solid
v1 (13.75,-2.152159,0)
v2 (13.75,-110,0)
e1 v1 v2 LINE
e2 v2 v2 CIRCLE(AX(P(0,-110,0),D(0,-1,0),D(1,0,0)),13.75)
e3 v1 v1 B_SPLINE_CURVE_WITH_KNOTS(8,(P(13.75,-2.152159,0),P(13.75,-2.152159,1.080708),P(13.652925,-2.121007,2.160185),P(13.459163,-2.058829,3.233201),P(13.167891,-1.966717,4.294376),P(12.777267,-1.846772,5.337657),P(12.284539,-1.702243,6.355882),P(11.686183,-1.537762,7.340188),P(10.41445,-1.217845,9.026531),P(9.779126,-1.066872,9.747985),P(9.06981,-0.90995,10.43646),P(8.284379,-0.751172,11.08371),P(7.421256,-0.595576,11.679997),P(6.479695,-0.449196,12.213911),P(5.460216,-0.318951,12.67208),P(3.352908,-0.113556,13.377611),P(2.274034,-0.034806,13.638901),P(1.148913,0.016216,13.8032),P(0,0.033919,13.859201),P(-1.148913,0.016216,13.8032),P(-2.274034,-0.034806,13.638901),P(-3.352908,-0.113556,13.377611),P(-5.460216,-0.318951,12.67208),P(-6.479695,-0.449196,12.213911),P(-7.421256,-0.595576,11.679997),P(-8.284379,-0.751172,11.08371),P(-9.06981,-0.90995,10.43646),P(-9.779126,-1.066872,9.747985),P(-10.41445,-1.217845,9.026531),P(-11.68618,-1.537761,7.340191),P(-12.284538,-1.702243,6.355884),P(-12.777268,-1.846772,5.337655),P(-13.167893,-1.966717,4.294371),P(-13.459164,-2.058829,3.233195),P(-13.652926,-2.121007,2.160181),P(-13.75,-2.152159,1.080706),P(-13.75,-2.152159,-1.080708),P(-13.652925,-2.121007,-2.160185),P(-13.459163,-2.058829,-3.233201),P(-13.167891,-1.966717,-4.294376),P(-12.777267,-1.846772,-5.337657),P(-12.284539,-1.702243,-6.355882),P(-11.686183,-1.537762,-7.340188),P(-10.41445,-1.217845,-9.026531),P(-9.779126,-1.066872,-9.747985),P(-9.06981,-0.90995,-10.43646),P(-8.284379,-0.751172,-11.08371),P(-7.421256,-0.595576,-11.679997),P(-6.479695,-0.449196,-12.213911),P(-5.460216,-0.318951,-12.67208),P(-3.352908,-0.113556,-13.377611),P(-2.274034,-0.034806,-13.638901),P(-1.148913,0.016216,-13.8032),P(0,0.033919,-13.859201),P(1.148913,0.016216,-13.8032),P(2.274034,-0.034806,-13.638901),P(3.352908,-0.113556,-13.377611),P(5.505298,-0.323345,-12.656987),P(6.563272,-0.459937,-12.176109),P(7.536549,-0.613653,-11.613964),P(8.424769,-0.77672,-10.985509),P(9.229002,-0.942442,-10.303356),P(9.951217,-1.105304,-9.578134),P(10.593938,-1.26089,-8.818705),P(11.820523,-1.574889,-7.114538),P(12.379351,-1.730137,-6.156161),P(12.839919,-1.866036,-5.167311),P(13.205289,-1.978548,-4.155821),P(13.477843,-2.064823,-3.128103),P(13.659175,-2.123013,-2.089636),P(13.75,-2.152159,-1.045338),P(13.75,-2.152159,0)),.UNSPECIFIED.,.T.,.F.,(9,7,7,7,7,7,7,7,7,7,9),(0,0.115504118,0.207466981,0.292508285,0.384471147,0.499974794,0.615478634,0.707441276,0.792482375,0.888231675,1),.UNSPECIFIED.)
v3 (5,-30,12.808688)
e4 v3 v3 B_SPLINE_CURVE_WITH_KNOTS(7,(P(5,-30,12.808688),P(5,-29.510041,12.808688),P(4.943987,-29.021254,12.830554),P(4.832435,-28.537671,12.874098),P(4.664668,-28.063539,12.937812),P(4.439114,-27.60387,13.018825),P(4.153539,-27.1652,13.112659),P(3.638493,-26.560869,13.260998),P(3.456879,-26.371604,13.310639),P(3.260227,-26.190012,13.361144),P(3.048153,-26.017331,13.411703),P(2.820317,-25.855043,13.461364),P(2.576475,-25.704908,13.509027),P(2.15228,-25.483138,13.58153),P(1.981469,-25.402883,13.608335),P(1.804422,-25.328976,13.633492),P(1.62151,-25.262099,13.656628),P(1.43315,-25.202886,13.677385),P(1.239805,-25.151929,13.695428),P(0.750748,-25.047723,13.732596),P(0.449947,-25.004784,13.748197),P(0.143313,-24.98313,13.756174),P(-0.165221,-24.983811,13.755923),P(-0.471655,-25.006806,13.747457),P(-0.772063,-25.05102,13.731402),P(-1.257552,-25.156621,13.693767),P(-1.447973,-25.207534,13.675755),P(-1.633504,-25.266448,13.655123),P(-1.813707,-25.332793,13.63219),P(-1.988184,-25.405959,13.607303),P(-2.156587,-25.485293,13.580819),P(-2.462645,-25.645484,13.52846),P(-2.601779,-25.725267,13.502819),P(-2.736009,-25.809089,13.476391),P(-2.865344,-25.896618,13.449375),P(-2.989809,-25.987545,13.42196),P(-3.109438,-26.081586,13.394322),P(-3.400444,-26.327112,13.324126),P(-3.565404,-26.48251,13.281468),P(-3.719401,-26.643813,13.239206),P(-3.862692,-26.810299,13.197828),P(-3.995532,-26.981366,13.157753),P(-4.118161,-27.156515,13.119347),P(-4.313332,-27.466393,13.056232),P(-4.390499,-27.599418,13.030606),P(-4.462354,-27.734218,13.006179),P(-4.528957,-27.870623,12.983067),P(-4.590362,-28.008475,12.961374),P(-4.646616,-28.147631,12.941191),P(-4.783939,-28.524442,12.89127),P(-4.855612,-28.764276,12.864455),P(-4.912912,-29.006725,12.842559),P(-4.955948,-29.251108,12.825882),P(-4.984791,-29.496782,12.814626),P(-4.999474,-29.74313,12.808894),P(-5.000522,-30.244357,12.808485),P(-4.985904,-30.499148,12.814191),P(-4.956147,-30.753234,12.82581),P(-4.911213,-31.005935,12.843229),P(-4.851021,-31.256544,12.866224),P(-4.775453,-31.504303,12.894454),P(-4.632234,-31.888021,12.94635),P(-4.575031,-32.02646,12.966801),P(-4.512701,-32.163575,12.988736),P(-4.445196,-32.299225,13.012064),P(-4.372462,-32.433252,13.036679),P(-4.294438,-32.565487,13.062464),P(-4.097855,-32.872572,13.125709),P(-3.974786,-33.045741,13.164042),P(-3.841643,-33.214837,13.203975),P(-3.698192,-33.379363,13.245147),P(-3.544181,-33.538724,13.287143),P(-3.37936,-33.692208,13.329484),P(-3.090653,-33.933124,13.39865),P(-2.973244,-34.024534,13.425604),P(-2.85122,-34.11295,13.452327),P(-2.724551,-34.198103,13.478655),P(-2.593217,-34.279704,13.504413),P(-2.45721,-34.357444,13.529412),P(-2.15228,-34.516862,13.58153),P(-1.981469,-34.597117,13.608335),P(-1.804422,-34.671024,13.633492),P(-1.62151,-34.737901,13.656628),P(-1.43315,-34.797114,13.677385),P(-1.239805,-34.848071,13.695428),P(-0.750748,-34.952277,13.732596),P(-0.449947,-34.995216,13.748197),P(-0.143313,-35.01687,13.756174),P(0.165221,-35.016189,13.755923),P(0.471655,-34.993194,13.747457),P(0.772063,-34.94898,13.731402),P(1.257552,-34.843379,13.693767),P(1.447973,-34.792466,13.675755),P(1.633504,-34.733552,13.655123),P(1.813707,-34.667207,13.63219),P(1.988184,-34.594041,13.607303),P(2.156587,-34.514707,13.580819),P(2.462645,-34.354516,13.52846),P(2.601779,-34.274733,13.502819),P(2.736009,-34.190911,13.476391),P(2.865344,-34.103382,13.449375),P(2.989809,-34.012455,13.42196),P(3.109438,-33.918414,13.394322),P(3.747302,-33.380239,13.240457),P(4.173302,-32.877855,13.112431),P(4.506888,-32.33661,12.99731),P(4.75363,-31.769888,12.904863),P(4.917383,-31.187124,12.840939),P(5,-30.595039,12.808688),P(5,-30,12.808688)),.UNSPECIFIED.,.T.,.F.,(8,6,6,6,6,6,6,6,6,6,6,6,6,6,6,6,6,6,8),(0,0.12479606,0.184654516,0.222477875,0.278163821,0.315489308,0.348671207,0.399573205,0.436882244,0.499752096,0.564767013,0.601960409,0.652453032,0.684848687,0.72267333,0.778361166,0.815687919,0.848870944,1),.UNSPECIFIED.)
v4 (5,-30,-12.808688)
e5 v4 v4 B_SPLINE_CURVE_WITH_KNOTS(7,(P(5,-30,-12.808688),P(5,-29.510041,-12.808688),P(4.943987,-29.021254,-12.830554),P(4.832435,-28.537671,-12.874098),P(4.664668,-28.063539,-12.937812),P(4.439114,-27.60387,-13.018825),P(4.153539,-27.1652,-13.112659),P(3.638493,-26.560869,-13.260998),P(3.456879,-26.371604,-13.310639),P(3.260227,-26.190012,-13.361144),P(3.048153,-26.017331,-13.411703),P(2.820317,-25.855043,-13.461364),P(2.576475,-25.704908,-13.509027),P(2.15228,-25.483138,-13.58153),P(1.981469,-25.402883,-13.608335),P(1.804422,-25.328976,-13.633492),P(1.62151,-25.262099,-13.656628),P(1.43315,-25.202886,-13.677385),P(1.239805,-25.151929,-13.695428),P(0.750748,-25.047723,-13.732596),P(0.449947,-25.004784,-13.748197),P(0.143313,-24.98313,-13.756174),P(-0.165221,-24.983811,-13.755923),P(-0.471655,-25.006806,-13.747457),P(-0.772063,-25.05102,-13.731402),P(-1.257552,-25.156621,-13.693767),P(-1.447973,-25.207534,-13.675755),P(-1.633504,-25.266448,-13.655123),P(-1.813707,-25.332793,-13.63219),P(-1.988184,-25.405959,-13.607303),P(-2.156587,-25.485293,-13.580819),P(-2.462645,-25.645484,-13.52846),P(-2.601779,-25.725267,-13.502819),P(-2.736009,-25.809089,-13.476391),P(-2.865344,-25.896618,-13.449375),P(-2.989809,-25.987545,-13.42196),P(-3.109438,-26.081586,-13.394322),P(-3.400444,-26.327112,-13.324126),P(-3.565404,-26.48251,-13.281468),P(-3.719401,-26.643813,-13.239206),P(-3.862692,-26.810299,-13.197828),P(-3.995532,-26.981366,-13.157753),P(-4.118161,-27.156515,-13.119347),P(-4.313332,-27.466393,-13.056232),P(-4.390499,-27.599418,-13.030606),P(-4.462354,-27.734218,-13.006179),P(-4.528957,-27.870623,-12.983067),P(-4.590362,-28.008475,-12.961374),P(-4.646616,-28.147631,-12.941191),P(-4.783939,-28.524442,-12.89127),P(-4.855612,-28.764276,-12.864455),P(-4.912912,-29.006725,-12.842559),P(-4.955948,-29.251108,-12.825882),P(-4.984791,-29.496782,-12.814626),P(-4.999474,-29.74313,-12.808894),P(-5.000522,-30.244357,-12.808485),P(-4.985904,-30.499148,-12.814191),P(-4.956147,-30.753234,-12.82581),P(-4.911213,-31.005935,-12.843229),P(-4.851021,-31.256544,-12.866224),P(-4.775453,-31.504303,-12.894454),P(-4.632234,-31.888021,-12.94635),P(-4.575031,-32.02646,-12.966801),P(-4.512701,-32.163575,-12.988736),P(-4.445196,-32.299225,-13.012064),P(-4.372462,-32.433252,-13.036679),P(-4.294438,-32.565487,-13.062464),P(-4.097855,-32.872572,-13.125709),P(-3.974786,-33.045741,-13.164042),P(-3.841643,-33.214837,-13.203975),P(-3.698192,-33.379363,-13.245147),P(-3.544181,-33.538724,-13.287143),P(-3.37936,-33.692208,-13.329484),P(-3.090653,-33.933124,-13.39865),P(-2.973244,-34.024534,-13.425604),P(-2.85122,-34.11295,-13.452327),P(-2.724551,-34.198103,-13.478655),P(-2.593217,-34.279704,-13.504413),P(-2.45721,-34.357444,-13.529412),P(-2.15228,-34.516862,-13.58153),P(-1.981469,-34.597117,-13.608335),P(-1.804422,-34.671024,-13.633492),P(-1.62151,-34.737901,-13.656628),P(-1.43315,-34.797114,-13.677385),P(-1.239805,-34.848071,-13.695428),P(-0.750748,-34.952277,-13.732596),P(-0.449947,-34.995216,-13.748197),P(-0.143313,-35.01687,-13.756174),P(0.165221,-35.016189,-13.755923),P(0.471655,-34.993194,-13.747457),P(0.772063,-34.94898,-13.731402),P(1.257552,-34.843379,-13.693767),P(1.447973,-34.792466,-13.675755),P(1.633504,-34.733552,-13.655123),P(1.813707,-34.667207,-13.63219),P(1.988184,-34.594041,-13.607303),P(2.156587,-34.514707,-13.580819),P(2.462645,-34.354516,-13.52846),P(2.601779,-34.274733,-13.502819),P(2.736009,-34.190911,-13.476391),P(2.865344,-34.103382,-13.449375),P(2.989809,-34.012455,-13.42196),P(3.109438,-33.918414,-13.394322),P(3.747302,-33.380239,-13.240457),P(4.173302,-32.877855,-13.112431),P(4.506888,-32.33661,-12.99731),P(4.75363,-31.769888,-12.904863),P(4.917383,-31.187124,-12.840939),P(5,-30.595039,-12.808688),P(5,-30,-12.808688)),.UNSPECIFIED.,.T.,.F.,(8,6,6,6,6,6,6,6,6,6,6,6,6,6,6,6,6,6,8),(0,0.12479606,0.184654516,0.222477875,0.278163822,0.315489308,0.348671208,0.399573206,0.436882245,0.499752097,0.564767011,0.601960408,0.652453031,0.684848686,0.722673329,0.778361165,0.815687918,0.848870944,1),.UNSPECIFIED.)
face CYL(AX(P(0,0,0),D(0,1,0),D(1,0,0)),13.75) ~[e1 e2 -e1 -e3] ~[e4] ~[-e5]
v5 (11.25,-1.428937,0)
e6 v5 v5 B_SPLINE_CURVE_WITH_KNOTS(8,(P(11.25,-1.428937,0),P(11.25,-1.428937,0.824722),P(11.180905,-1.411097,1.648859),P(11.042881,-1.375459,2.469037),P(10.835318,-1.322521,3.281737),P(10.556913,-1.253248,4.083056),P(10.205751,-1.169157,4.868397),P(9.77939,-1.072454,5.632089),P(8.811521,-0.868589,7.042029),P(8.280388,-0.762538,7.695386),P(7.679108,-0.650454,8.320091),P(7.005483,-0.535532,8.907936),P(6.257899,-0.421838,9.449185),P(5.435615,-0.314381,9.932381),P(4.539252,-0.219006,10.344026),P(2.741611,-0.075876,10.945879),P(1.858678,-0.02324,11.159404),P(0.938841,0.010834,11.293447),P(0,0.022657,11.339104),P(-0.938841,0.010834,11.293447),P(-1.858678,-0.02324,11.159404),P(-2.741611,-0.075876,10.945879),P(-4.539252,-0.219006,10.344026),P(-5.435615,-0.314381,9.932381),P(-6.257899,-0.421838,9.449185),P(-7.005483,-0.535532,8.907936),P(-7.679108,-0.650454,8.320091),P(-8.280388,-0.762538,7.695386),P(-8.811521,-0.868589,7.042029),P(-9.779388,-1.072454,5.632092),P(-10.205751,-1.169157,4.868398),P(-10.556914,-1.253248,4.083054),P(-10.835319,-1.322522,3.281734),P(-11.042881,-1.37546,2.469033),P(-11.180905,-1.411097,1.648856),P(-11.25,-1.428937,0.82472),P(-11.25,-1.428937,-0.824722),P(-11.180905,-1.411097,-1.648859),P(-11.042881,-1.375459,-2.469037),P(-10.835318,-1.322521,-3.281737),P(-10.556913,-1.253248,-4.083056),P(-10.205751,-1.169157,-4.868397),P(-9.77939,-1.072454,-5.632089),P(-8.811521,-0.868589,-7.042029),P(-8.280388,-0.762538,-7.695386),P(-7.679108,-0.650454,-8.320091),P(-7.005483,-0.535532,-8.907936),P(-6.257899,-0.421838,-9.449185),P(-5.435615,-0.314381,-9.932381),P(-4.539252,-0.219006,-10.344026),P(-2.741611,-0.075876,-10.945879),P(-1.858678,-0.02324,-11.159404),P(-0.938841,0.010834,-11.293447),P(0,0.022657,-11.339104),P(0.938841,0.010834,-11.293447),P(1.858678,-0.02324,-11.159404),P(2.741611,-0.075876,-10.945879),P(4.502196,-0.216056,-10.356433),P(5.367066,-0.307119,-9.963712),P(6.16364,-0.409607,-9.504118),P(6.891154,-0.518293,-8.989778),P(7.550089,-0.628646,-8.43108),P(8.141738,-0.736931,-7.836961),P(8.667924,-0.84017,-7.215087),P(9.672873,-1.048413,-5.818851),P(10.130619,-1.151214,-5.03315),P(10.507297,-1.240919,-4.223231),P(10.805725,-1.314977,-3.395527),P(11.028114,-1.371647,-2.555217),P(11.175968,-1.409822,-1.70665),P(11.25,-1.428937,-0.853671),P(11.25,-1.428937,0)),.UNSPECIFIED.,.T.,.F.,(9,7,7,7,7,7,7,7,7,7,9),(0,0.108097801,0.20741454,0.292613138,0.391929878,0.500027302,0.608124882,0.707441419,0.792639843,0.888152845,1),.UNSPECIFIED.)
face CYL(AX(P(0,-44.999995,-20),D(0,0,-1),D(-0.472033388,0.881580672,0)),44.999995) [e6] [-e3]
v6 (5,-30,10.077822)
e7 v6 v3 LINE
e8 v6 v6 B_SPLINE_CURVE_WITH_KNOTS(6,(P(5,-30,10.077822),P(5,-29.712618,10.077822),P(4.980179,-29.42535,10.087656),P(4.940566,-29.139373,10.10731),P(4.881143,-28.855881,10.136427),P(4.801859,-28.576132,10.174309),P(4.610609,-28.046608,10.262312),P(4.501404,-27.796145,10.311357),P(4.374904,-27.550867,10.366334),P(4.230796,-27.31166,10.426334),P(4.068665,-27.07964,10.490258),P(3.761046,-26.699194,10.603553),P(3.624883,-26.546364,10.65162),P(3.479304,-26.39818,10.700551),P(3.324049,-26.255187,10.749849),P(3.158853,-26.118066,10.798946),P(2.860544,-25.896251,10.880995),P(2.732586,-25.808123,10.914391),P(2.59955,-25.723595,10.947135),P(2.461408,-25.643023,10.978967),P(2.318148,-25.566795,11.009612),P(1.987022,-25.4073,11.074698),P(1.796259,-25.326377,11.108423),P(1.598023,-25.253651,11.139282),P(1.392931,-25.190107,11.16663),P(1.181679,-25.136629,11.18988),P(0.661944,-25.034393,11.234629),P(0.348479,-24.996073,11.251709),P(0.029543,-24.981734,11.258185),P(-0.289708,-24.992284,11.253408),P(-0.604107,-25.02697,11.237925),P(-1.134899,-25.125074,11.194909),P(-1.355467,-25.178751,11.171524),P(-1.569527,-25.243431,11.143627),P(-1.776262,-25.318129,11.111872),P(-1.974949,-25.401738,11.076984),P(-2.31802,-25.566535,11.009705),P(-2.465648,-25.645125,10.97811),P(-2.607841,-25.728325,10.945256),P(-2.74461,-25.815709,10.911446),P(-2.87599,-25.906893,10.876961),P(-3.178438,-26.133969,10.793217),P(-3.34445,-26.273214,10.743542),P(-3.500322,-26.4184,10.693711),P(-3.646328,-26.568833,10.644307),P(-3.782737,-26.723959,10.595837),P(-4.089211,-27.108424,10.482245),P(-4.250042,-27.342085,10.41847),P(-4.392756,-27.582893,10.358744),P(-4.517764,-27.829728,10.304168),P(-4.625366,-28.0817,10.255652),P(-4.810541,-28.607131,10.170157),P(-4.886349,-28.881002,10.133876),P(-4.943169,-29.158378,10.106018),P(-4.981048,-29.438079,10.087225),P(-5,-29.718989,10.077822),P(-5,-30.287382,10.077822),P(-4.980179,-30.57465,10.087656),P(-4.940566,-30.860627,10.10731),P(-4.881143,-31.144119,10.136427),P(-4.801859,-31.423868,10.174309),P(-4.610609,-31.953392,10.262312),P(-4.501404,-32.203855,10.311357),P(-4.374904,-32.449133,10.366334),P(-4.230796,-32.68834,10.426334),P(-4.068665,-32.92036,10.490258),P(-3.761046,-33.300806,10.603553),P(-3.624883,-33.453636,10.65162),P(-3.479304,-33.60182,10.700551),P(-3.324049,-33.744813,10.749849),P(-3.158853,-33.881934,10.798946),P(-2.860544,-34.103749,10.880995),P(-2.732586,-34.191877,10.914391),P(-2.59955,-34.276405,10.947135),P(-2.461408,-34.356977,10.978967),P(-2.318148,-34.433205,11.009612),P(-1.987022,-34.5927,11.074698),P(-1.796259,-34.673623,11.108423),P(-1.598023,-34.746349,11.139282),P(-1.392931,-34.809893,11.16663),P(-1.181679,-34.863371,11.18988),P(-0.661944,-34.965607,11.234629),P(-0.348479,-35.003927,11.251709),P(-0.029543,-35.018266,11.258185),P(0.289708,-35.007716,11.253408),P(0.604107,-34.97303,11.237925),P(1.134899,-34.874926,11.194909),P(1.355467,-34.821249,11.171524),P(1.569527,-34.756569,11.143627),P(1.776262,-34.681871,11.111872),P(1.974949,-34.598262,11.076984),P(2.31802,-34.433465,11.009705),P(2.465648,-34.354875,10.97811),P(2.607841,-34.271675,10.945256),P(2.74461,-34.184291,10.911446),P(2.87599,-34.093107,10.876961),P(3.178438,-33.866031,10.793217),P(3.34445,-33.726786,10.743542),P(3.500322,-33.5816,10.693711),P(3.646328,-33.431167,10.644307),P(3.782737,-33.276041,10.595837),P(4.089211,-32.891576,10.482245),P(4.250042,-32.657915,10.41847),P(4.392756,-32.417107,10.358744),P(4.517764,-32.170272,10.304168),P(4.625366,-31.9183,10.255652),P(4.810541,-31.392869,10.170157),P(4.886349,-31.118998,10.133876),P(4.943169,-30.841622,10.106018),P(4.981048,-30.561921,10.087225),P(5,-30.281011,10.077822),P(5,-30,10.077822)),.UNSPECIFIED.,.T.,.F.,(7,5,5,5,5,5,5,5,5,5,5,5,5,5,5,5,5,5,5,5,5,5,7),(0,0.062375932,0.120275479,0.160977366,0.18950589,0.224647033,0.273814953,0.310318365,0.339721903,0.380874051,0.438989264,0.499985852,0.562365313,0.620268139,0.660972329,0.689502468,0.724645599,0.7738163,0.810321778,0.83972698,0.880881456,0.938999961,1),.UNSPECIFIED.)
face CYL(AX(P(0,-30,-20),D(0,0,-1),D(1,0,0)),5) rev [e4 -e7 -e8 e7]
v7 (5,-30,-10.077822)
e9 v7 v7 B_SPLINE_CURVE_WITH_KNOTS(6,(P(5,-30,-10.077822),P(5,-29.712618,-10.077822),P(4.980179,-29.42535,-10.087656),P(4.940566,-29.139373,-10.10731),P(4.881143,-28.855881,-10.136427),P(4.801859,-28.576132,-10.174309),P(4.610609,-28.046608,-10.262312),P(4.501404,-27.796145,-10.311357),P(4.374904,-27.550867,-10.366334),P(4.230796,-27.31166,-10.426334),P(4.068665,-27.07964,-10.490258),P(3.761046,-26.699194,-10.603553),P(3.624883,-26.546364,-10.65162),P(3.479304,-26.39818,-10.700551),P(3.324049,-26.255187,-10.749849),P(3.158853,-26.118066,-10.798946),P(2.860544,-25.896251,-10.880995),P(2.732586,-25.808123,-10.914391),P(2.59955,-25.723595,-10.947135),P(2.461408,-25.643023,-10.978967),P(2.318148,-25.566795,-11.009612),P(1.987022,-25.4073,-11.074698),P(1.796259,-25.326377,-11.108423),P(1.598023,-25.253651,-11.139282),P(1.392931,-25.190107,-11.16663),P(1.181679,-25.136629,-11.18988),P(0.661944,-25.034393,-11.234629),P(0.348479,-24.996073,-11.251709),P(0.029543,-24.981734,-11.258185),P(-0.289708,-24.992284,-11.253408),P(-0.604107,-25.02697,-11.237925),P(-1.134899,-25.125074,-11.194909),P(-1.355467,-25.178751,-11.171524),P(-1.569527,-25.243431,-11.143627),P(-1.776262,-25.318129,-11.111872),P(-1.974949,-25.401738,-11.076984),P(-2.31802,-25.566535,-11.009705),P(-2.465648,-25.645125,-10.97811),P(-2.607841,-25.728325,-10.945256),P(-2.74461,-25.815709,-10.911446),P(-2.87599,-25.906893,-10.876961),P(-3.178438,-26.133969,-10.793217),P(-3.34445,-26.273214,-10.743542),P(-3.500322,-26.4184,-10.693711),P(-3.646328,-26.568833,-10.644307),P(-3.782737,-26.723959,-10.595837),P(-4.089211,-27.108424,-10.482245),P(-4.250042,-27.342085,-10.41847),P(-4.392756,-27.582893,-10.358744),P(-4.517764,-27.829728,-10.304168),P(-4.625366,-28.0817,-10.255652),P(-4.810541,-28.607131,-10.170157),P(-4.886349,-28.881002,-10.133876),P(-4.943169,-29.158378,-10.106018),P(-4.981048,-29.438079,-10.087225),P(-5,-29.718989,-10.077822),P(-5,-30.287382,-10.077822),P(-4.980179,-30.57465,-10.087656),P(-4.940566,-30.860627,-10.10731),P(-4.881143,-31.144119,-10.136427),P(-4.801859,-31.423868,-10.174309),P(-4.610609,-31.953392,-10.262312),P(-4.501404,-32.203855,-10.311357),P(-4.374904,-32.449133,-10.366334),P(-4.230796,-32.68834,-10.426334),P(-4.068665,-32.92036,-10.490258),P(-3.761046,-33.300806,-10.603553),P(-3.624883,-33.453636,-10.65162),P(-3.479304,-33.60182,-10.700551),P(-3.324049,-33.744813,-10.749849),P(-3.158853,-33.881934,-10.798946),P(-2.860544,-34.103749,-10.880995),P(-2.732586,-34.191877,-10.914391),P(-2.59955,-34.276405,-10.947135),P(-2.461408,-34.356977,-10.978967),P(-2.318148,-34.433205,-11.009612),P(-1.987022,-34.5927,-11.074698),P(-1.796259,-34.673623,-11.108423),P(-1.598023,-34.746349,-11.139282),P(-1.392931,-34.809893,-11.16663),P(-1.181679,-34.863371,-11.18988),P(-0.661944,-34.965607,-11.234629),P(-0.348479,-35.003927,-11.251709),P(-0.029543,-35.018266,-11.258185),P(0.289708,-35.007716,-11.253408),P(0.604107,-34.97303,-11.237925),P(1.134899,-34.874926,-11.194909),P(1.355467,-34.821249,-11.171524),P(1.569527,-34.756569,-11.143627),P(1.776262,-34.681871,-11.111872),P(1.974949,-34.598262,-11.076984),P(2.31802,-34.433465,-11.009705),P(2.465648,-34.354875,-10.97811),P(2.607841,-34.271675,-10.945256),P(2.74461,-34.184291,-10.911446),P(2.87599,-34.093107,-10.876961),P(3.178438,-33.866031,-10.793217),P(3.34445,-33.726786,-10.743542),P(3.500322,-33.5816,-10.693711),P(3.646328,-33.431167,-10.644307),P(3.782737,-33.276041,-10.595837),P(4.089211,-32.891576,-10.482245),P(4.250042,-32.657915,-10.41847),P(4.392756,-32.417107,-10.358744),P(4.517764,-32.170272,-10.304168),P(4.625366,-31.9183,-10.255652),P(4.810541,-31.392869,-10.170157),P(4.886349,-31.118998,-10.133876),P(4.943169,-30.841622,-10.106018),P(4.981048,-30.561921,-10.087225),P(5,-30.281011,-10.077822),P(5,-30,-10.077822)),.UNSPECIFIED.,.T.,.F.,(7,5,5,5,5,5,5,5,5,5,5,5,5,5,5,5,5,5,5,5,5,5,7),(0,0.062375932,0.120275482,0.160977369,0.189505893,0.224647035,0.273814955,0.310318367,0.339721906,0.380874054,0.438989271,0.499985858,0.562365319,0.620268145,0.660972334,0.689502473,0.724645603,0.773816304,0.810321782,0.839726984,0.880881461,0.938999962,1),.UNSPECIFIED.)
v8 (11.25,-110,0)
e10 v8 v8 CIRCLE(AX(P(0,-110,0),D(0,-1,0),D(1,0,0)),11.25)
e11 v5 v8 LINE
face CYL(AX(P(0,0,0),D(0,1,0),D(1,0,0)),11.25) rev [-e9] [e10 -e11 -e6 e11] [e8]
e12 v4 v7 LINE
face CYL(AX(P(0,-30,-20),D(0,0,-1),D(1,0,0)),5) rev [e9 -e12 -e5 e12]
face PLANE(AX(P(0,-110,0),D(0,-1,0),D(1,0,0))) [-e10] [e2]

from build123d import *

# Parameters (mm, degrees)
F0_R     = 13.75
F0_R_2   = 11.25
F1_DEPTH = 110
F4_R     = 5
F5_DEPTH = 33.751
F6_DEPTH = 33.751


with BuildPart() as f1:
    # F0 (on Front) → F1 (new body)
    with BuildSketch(Plane.XZ):
        Circle(F0_R)
        Circle(F0_R_2, mode=Mode.SUBTRACT)
    extrude(amount=F1_DEPTH)

    # F4 (on offset) → F5 (cut, through all)
    with BuildSketch(Plane.XY.offset(-20)):
        with Locations((0, -30)):
            Circle(F4_R)
    extrude(amount=F5_DEPTH, mode=Mode.SUBTRACT)

    # F4 (on offset) → F6 (cut, through all)
    with BuildSketch(Plane.XY.offset(-20)):
        with BuildLine():
            Line((-21.2415, 7.674746), (-21.2415, -2.517288))
            Line((-21.2415, -2.517288), (-21.2415, -5.328869))
            ThreePointArc((-21.2415, -5.328869), (0.089579, -8.9e-05), (21.399274, -5.413752))
            Line((21.399274, -5.413752), (21.399274, -2.555365))
            Line((21.399274, -2.555365), (21.399274, 6.795851))
            Line((21.399274, 6.795851), (-21.2415, 7.674746))
        make_face()
    extrude(amount=F6_DEPTH, mode=Mode.SUBTRACT)


solid = f1.part
